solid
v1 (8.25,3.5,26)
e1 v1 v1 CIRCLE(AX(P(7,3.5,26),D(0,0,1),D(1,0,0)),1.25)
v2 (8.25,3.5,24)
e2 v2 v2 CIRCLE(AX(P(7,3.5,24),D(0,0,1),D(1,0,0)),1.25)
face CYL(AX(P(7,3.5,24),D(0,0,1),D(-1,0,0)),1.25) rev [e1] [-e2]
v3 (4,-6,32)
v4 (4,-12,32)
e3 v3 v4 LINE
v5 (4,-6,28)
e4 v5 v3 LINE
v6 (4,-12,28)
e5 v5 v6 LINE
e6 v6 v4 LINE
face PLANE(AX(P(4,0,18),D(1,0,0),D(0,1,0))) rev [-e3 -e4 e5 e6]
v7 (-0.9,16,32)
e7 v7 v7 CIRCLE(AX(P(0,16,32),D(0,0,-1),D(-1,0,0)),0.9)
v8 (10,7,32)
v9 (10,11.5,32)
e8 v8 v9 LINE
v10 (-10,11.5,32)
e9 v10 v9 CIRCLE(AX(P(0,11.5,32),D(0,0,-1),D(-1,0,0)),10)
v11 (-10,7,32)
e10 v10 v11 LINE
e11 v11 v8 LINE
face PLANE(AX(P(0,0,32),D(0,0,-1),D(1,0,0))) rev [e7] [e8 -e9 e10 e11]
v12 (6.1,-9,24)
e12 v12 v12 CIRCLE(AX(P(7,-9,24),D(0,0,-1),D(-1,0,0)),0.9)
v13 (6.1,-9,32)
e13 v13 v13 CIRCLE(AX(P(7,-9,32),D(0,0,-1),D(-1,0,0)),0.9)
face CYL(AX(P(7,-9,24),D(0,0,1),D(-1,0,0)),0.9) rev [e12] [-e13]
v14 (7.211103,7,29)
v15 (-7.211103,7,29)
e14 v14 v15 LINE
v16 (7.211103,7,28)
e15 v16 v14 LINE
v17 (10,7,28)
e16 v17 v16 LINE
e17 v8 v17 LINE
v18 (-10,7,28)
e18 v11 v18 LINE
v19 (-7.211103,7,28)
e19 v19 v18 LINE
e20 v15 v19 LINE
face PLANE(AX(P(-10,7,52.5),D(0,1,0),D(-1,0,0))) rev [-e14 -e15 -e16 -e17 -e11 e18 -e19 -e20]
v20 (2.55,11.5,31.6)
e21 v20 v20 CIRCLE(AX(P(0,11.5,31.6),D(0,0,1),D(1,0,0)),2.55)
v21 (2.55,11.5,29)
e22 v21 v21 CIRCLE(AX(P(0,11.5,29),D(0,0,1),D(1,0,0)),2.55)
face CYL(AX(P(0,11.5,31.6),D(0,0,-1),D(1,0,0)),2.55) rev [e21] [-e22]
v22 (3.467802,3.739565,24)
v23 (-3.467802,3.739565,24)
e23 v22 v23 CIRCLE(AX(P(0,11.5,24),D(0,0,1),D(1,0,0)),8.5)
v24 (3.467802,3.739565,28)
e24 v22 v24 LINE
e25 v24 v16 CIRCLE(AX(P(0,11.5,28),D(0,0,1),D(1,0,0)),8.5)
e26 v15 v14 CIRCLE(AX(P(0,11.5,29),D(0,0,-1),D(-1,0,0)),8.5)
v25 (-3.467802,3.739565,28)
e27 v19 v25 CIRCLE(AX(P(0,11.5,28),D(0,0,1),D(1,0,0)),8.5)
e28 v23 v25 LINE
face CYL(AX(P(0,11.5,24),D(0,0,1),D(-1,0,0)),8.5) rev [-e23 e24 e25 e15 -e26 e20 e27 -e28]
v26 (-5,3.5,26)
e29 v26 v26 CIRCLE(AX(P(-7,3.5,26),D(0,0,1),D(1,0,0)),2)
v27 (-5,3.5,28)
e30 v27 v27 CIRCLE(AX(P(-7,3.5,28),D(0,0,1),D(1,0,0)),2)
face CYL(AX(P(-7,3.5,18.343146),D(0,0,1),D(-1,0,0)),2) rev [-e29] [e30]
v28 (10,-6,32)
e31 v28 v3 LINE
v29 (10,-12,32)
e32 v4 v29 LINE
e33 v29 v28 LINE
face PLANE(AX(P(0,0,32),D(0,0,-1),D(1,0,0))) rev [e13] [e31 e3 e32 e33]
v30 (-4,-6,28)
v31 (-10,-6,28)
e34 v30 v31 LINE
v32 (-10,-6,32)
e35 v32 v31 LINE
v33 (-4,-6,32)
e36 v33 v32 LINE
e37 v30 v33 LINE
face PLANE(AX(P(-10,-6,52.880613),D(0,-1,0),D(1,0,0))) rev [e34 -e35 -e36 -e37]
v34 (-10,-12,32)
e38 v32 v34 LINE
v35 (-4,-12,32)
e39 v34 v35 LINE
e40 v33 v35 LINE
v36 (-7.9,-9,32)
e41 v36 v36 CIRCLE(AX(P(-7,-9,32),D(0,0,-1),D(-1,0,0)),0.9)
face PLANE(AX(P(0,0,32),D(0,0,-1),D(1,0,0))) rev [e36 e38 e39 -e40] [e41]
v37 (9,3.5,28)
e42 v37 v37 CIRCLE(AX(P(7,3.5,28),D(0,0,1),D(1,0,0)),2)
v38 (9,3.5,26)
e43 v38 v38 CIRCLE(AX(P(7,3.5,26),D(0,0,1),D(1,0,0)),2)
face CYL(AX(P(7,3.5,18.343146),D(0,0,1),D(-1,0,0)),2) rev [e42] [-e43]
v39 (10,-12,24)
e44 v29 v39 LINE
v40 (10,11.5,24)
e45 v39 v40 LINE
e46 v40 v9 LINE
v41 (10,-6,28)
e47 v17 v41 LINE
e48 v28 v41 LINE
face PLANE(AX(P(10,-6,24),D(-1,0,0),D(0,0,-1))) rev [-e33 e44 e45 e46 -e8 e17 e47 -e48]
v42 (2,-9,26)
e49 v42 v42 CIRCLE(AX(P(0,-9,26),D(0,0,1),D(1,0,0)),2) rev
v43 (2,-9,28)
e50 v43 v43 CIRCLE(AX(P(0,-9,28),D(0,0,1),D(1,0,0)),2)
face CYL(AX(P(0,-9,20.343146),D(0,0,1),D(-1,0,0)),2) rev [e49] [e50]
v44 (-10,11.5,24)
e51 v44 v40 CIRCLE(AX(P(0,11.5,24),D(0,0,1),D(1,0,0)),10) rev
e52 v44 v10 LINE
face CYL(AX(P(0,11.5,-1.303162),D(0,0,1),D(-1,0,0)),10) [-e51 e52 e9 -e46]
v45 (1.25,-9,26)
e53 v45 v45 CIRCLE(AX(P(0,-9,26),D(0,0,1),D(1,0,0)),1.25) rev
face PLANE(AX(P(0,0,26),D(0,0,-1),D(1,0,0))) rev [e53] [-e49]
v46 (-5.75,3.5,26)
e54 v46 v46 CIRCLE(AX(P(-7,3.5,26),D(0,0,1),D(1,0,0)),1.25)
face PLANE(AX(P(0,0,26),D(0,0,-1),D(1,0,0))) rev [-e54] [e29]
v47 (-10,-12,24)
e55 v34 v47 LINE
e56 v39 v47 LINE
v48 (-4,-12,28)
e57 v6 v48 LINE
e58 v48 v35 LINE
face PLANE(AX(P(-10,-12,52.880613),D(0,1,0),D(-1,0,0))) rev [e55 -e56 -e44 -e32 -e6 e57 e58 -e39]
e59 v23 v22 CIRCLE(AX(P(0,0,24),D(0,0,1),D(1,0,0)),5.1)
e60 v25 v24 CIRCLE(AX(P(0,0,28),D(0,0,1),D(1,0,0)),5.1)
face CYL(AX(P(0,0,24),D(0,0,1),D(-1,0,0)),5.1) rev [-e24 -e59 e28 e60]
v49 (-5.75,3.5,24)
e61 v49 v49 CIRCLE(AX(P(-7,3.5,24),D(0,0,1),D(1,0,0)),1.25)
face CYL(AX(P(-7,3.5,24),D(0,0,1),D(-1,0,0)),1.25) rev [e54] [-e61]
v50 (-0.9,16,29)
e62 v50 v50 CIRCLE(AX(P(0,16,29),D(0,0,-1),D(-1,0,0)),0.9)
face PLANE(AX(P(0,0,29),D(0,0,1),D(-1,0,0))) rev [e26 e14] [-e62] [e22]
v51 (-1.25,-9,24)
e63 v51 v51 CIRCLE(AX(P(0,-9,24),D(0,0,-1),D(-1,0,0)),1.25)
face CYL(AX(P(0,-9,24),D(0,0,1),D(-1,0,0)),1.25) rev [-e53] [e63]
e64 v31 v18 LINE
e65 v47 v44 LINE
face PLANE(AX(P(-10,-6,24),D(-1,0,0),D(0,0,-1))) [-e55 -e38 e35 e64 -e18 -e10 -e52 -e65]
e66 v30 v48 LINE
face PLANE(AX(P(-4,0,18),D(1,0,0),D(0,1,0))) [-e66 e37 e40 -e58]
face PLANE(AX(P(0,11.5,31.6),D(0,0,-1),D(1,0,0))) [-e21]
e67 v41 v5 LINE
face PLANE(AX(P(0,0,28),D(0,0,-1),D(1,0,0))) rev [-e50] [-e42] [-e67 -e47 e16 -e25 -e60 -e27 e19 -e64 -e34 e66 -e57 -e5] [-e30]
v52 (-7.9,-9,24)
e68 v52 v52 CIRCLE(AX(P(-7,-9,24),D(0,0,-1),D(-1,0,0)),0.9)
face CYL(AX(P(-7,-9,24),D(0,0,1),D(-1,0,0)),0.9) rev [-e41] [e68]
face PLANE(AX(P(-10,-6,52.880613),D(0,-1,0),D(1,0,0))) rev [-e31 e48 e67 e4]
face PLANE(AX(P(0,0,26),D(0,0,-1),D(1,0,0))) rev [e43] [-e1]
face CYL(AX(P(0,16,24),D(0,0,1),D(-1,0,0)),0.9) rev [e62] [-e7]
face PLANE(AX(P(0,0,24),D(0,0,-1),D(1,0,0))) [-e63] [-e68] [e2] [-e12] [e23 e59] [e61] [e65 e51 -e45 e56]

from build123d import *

# Parameters (mm, degrees)
SKETCH_1_R          = 1.25
EXTRUDE_1_DEPTH     = 4
EXTRUDE_START       = -8
EXTRUDE_2_DEPTH     = 8
EXTRUDE_START_2     = -3
EXTRUDE_3_DEPTH     = 3
CUT_EXTRUDE_START   = -4
SKETCH_1_5_R        = 2
CUT_EXTRUDE_1_DEPTH = 6
SKETCH_4_W          = 20
SKETCH_4_H          = 17.5
CUT_EXTRUDE_2_DEPTH = 4
EXTRUDE_START_3     = -4
SKETCH_5_W          = 20
SKETCH_5_H          = 6
EXTRUDE_4_DEPTH     = 8
SKETCH_6_W          = 8
SKETCH_6_H          = 6
SKETCH_6_R          = 2
SKETCH_6_R_2        = 1.25
CUT_EXTRUDE_3_DEPTH = 4
SKETCH_6_3_R        = 1.25
CUT_EXTRUDE_4_DEPTH = 26.024987512
SKETCH_6_4_R        = 2
CUT_EXTRUDE_5_DEPTH = 6
SKETCH_7_R          = 0.9
CUT_EXTRUDE_6_DEPTH = 26.024987512
SKETCH_8_W          = 20
SKETCH_8_H          = 4.5
EXTRUDE_5_DEPTH     = 4
SKETCH_9_R          = 8.5
CUT_EXTRUDE_7_DEPTH = 1
SKETCH_10_R         = 2.55
CUT_EXTRUDE_8_DEPTH = 2.6
SKETCH_11_W         = 47.635441337
SKETCH_11_H         = 39.861258083
CUT_EXTRUDE_9_DEPTH = 30.769951293


with BuildPart() as part:
    # 草图1 → 凸台-拉伸1 (new, symmetric)
    with BuildSketch(Plane.XY):
        with BuildLine():
            Line((-10, 6), (-10, -6))
            Line((-10, -6), (10, -6))
            Line((10, -6), (10, 6))
            Line((10, 6), (6.480740698, 6))
            ThreePointArc((6.480740698, 6), (5.10105555, 4.70079179), (3.467802184, 3.739565217))
            ThreePointArc((3.467802184, 3.739565217), (0, -5.1), (-3.467802184, 3.739565217))
            ThreePointArc((-3.467802184, 3.739565217), (-5.10105555, 4.70079179), (-6.480740698, 6))
            Line((-6.480740698, 6), (-10, 6))
        make_face()
        with Locations((-7, 3.5)):
            Circle(SKETCH_1_R, mode=Mode.SUBTRACT)
        with Locations((7, 3.5)):
            Circle(SKETCH_1_R, mode=Mode.SUBTRACT)
    extrude(amount=EXTRUDE_1_DEPTH, both=True)

    # 草图2 → 凸台-拉伸2 (add)
    with BuildSketch(Plane(origin=(0, 0, -4), x_dir=(-1, 0, 0), z_dir=(0, 0, -1)).offset(EXTRUDE_START)):
        with BuildLine():
            Line((6.480740698, 6), (10, 6))
            Line((10, 6), (10, 11.5))
            ThreePointArc((10, 11.5), (0, 21.5), (-10, 11.5))
            Line((-10, 11.5), (-10, 6))
            Line((-10, 6), (-6.480740698, 6))
            ThreePointArc((-6.480740698, 6), (0, 20), (6.480740698, 6))
        make_face()
    extrude(amount=EXTRUDE_2_DEPTH)

    # 草图2<4> → 凸台-拉伸3 (add)
    with BuildSketch(Plane(origin=(0, 0, -4), x_dir=(-1, 0, 0), z_dir=(0, 0, -1)).offset(EXTRUDE_START_2)):
        with BuildLine():
            Line((-6.480740698, 6), (6.480740698, 6))
            ThreePointArc((6.480740698, 6), (7.979232292, 8.570520177), (8.5, 11.5))
            ThreePointArc((8.5, 11.5), (-2.929479823, 19.479232292), (-6.480740698, 6))
        make_face()
    extrude(amount=EXTRUDE_3_DEPTH)

    # 草图1<5> → 切除-拉伸1 (cut)
    with BuildSketch(Plane.XY.offset(CUT_EXTRUDE_START)):
        with Locations((-7, 3.5)):
            Circle(SKETCH_1_5_R)
        with Locations((7, 3.5)):
            Circle(SKETCH_1_5_R)
    extrude(amount=CUT_EXTRUDE_1_DEPTH, mode=Mode.SUBTRACT)

    # 草图4 → 切除-拉伸2 (cut)
    with BuildSketch(Plane(origin=(0, 0, -4), x_dir=(-1, 0, 0), z_dir=(0, 0, -1))):
        with Locations((0, 2.75)):
            Rectangle(SKETCH_4_W, SKETCH_4_H)
    extrude(amount=-CUT_EXTRUDE_2_DEPTH, mode=Mode.SUBTRACT)

    # 草图5 → 凸台-拉伸4 (add)
    with BuildSketch(Plane(origin=(0, 0, 0), x_dir=(-1, 0, 0), z_dir=(0, 0, -1)).offset(EXTRUDE_START_3)):
        with Locations((0, -9)):
            Rectangle(SKETCH_5_W, SKETCH_5_H)
    extrude(amount=EXTRUDE_4_DEPTH)

    # 草图6 → 切除-拉伸3 (cut)
    # profile 1 of 3: a face of its own
    with BuildSketch(Plane(origin=(0, 0, -4), x_dir=(-1, 0, 0), z_dir=(0, 0, -1))):
        with Locations((0, -9)):
            Rectangle(SKETCH_6_W, SKETCH_6_H)
        with Locations((0, -9)):
            Circle(SKETCH_6_R, mode=Mode.SUBTRACT)
    # profile 2 of 3: a face of its own
    with BuildSketch(Plane(origin=(0, 0, -4), x_dir=(-1, 0, 0), z_dir=(0, 0, -1))):
        with Locations((0, -9)):
            Circle(SKETCH_6_R)
        with Locations((0, -9)):
            Circle(SKETCH_6_R_2, mode=Mode.SUBTRACT)
    # profile 3 of 3: a face of its own
    with BuildSketch(Plane(origin=(0, 0, -4), x_dir=(-1, 0, 0), z_dir=(0, 0, -1))):
        with Locations((0, -9)):
            Circle(SKETCH_6_R_2)
    extrude(amount=-CUT_EXTRUDE_3_DEPTH, mode=Mode.SUBTRACT)

    # 草图6<3> → 切除-拉伸4 (cut, through all)
    with BuildSketch(Plane(origin=(0, 0, -4), x_dir=(-1, 0, 0), z_dir=(0, 0, -1))):
        with Locations((0, -9)):
            Circle(SKETCH_6_3_R)
    extrude(amount=-CUT_EXTRUDE_4_DEPTH, mode=Mode.SUBTRACT)

    # 草图6<4> → 切除-拉伸5 (cut)
    with BuildSketch(Plane(origin=(0, 0, -4), x_dir=(-1, 0, 0), z_dir=(0, 0, -1))):
        with Locations(Location((0, -9, 0), (0, 0, 180))):
            Circle(SKETCH_6_4_R)
    extrude(amount=-CUT_EXTRUDE_5_DEPTH, mode=Mode.SUBTRACT)

    # 草图7 → 切除-拉伸6 (cut, through all)
    with BuildSketch(Plane(origin=(0, 0, -4), x_dir=(-1, 0, 0), z_dir=(0, 0, -1))):
        with Locations((7, -9)):
            Circle(SKETCH_7_R)
        with Locations((-7, -9)):
            Circle(SKETCH_7_R)
        with Locations((0, 16)):
            Circle(SKETCH_7_R)
    extrude(amount=-CUT_EXTRUDE_6_DEPTH, mode=Mode.SUBTRACT)

    # 草图8 → 凸台-拉伸5 (add)
    with BuildSketch(Plane(origin=(0, 0, 0), x_dir=(-1, 0, 0), z_dir=(0, 0, -1))):
        with Locations((0, 9.25)):
            Rectangle(SKETCH_8_W, SKETCH_8_H)
    extrude(amount=EXTRUDE_5_DEPTH)

    # 草图9 → 切除-拉伸7 (cut)
    with BuildSketch(Plane.XY):
        with Locations((0, 11.5)):
            Circle(SKETCH_9_R)
    extrude(amount=-CUT_EXTRUDE_7_DEPTH, mode=Mode.SUBTRACT)

    # 草图10 → 切除-拉伸8 (cut)
    with BuildSketch(Plane.XY.offset(-1)):
        with Locations((0, 11.5)):
            Circle(SKETCH_10_R)
    extrude(amount=-CUT_EXTRUDE_8_DEPTH, mode=Mode.SUBTRACT)


with BuildPart() as body_2:
    # 镜向1: mirrored copy
    add(part.part.mirror(Plane.XY.offset(14)))


with BuildPart() as part_1:
    add(part.part)

    # 草图11 → 切除-拉伸9 (cut, through all)
    with BuildSketch(Plane.XY.offset(14)):
        with Locations((-3.268127992, 5.220412363)):
            Rectangle(SKETCH_11_W, SKETCH_11_H)
    extrude(amount=-CUT_EXTRUDE_9_DEPTH, mode=Mode.SUBTRACT)


solid = body_2.part
